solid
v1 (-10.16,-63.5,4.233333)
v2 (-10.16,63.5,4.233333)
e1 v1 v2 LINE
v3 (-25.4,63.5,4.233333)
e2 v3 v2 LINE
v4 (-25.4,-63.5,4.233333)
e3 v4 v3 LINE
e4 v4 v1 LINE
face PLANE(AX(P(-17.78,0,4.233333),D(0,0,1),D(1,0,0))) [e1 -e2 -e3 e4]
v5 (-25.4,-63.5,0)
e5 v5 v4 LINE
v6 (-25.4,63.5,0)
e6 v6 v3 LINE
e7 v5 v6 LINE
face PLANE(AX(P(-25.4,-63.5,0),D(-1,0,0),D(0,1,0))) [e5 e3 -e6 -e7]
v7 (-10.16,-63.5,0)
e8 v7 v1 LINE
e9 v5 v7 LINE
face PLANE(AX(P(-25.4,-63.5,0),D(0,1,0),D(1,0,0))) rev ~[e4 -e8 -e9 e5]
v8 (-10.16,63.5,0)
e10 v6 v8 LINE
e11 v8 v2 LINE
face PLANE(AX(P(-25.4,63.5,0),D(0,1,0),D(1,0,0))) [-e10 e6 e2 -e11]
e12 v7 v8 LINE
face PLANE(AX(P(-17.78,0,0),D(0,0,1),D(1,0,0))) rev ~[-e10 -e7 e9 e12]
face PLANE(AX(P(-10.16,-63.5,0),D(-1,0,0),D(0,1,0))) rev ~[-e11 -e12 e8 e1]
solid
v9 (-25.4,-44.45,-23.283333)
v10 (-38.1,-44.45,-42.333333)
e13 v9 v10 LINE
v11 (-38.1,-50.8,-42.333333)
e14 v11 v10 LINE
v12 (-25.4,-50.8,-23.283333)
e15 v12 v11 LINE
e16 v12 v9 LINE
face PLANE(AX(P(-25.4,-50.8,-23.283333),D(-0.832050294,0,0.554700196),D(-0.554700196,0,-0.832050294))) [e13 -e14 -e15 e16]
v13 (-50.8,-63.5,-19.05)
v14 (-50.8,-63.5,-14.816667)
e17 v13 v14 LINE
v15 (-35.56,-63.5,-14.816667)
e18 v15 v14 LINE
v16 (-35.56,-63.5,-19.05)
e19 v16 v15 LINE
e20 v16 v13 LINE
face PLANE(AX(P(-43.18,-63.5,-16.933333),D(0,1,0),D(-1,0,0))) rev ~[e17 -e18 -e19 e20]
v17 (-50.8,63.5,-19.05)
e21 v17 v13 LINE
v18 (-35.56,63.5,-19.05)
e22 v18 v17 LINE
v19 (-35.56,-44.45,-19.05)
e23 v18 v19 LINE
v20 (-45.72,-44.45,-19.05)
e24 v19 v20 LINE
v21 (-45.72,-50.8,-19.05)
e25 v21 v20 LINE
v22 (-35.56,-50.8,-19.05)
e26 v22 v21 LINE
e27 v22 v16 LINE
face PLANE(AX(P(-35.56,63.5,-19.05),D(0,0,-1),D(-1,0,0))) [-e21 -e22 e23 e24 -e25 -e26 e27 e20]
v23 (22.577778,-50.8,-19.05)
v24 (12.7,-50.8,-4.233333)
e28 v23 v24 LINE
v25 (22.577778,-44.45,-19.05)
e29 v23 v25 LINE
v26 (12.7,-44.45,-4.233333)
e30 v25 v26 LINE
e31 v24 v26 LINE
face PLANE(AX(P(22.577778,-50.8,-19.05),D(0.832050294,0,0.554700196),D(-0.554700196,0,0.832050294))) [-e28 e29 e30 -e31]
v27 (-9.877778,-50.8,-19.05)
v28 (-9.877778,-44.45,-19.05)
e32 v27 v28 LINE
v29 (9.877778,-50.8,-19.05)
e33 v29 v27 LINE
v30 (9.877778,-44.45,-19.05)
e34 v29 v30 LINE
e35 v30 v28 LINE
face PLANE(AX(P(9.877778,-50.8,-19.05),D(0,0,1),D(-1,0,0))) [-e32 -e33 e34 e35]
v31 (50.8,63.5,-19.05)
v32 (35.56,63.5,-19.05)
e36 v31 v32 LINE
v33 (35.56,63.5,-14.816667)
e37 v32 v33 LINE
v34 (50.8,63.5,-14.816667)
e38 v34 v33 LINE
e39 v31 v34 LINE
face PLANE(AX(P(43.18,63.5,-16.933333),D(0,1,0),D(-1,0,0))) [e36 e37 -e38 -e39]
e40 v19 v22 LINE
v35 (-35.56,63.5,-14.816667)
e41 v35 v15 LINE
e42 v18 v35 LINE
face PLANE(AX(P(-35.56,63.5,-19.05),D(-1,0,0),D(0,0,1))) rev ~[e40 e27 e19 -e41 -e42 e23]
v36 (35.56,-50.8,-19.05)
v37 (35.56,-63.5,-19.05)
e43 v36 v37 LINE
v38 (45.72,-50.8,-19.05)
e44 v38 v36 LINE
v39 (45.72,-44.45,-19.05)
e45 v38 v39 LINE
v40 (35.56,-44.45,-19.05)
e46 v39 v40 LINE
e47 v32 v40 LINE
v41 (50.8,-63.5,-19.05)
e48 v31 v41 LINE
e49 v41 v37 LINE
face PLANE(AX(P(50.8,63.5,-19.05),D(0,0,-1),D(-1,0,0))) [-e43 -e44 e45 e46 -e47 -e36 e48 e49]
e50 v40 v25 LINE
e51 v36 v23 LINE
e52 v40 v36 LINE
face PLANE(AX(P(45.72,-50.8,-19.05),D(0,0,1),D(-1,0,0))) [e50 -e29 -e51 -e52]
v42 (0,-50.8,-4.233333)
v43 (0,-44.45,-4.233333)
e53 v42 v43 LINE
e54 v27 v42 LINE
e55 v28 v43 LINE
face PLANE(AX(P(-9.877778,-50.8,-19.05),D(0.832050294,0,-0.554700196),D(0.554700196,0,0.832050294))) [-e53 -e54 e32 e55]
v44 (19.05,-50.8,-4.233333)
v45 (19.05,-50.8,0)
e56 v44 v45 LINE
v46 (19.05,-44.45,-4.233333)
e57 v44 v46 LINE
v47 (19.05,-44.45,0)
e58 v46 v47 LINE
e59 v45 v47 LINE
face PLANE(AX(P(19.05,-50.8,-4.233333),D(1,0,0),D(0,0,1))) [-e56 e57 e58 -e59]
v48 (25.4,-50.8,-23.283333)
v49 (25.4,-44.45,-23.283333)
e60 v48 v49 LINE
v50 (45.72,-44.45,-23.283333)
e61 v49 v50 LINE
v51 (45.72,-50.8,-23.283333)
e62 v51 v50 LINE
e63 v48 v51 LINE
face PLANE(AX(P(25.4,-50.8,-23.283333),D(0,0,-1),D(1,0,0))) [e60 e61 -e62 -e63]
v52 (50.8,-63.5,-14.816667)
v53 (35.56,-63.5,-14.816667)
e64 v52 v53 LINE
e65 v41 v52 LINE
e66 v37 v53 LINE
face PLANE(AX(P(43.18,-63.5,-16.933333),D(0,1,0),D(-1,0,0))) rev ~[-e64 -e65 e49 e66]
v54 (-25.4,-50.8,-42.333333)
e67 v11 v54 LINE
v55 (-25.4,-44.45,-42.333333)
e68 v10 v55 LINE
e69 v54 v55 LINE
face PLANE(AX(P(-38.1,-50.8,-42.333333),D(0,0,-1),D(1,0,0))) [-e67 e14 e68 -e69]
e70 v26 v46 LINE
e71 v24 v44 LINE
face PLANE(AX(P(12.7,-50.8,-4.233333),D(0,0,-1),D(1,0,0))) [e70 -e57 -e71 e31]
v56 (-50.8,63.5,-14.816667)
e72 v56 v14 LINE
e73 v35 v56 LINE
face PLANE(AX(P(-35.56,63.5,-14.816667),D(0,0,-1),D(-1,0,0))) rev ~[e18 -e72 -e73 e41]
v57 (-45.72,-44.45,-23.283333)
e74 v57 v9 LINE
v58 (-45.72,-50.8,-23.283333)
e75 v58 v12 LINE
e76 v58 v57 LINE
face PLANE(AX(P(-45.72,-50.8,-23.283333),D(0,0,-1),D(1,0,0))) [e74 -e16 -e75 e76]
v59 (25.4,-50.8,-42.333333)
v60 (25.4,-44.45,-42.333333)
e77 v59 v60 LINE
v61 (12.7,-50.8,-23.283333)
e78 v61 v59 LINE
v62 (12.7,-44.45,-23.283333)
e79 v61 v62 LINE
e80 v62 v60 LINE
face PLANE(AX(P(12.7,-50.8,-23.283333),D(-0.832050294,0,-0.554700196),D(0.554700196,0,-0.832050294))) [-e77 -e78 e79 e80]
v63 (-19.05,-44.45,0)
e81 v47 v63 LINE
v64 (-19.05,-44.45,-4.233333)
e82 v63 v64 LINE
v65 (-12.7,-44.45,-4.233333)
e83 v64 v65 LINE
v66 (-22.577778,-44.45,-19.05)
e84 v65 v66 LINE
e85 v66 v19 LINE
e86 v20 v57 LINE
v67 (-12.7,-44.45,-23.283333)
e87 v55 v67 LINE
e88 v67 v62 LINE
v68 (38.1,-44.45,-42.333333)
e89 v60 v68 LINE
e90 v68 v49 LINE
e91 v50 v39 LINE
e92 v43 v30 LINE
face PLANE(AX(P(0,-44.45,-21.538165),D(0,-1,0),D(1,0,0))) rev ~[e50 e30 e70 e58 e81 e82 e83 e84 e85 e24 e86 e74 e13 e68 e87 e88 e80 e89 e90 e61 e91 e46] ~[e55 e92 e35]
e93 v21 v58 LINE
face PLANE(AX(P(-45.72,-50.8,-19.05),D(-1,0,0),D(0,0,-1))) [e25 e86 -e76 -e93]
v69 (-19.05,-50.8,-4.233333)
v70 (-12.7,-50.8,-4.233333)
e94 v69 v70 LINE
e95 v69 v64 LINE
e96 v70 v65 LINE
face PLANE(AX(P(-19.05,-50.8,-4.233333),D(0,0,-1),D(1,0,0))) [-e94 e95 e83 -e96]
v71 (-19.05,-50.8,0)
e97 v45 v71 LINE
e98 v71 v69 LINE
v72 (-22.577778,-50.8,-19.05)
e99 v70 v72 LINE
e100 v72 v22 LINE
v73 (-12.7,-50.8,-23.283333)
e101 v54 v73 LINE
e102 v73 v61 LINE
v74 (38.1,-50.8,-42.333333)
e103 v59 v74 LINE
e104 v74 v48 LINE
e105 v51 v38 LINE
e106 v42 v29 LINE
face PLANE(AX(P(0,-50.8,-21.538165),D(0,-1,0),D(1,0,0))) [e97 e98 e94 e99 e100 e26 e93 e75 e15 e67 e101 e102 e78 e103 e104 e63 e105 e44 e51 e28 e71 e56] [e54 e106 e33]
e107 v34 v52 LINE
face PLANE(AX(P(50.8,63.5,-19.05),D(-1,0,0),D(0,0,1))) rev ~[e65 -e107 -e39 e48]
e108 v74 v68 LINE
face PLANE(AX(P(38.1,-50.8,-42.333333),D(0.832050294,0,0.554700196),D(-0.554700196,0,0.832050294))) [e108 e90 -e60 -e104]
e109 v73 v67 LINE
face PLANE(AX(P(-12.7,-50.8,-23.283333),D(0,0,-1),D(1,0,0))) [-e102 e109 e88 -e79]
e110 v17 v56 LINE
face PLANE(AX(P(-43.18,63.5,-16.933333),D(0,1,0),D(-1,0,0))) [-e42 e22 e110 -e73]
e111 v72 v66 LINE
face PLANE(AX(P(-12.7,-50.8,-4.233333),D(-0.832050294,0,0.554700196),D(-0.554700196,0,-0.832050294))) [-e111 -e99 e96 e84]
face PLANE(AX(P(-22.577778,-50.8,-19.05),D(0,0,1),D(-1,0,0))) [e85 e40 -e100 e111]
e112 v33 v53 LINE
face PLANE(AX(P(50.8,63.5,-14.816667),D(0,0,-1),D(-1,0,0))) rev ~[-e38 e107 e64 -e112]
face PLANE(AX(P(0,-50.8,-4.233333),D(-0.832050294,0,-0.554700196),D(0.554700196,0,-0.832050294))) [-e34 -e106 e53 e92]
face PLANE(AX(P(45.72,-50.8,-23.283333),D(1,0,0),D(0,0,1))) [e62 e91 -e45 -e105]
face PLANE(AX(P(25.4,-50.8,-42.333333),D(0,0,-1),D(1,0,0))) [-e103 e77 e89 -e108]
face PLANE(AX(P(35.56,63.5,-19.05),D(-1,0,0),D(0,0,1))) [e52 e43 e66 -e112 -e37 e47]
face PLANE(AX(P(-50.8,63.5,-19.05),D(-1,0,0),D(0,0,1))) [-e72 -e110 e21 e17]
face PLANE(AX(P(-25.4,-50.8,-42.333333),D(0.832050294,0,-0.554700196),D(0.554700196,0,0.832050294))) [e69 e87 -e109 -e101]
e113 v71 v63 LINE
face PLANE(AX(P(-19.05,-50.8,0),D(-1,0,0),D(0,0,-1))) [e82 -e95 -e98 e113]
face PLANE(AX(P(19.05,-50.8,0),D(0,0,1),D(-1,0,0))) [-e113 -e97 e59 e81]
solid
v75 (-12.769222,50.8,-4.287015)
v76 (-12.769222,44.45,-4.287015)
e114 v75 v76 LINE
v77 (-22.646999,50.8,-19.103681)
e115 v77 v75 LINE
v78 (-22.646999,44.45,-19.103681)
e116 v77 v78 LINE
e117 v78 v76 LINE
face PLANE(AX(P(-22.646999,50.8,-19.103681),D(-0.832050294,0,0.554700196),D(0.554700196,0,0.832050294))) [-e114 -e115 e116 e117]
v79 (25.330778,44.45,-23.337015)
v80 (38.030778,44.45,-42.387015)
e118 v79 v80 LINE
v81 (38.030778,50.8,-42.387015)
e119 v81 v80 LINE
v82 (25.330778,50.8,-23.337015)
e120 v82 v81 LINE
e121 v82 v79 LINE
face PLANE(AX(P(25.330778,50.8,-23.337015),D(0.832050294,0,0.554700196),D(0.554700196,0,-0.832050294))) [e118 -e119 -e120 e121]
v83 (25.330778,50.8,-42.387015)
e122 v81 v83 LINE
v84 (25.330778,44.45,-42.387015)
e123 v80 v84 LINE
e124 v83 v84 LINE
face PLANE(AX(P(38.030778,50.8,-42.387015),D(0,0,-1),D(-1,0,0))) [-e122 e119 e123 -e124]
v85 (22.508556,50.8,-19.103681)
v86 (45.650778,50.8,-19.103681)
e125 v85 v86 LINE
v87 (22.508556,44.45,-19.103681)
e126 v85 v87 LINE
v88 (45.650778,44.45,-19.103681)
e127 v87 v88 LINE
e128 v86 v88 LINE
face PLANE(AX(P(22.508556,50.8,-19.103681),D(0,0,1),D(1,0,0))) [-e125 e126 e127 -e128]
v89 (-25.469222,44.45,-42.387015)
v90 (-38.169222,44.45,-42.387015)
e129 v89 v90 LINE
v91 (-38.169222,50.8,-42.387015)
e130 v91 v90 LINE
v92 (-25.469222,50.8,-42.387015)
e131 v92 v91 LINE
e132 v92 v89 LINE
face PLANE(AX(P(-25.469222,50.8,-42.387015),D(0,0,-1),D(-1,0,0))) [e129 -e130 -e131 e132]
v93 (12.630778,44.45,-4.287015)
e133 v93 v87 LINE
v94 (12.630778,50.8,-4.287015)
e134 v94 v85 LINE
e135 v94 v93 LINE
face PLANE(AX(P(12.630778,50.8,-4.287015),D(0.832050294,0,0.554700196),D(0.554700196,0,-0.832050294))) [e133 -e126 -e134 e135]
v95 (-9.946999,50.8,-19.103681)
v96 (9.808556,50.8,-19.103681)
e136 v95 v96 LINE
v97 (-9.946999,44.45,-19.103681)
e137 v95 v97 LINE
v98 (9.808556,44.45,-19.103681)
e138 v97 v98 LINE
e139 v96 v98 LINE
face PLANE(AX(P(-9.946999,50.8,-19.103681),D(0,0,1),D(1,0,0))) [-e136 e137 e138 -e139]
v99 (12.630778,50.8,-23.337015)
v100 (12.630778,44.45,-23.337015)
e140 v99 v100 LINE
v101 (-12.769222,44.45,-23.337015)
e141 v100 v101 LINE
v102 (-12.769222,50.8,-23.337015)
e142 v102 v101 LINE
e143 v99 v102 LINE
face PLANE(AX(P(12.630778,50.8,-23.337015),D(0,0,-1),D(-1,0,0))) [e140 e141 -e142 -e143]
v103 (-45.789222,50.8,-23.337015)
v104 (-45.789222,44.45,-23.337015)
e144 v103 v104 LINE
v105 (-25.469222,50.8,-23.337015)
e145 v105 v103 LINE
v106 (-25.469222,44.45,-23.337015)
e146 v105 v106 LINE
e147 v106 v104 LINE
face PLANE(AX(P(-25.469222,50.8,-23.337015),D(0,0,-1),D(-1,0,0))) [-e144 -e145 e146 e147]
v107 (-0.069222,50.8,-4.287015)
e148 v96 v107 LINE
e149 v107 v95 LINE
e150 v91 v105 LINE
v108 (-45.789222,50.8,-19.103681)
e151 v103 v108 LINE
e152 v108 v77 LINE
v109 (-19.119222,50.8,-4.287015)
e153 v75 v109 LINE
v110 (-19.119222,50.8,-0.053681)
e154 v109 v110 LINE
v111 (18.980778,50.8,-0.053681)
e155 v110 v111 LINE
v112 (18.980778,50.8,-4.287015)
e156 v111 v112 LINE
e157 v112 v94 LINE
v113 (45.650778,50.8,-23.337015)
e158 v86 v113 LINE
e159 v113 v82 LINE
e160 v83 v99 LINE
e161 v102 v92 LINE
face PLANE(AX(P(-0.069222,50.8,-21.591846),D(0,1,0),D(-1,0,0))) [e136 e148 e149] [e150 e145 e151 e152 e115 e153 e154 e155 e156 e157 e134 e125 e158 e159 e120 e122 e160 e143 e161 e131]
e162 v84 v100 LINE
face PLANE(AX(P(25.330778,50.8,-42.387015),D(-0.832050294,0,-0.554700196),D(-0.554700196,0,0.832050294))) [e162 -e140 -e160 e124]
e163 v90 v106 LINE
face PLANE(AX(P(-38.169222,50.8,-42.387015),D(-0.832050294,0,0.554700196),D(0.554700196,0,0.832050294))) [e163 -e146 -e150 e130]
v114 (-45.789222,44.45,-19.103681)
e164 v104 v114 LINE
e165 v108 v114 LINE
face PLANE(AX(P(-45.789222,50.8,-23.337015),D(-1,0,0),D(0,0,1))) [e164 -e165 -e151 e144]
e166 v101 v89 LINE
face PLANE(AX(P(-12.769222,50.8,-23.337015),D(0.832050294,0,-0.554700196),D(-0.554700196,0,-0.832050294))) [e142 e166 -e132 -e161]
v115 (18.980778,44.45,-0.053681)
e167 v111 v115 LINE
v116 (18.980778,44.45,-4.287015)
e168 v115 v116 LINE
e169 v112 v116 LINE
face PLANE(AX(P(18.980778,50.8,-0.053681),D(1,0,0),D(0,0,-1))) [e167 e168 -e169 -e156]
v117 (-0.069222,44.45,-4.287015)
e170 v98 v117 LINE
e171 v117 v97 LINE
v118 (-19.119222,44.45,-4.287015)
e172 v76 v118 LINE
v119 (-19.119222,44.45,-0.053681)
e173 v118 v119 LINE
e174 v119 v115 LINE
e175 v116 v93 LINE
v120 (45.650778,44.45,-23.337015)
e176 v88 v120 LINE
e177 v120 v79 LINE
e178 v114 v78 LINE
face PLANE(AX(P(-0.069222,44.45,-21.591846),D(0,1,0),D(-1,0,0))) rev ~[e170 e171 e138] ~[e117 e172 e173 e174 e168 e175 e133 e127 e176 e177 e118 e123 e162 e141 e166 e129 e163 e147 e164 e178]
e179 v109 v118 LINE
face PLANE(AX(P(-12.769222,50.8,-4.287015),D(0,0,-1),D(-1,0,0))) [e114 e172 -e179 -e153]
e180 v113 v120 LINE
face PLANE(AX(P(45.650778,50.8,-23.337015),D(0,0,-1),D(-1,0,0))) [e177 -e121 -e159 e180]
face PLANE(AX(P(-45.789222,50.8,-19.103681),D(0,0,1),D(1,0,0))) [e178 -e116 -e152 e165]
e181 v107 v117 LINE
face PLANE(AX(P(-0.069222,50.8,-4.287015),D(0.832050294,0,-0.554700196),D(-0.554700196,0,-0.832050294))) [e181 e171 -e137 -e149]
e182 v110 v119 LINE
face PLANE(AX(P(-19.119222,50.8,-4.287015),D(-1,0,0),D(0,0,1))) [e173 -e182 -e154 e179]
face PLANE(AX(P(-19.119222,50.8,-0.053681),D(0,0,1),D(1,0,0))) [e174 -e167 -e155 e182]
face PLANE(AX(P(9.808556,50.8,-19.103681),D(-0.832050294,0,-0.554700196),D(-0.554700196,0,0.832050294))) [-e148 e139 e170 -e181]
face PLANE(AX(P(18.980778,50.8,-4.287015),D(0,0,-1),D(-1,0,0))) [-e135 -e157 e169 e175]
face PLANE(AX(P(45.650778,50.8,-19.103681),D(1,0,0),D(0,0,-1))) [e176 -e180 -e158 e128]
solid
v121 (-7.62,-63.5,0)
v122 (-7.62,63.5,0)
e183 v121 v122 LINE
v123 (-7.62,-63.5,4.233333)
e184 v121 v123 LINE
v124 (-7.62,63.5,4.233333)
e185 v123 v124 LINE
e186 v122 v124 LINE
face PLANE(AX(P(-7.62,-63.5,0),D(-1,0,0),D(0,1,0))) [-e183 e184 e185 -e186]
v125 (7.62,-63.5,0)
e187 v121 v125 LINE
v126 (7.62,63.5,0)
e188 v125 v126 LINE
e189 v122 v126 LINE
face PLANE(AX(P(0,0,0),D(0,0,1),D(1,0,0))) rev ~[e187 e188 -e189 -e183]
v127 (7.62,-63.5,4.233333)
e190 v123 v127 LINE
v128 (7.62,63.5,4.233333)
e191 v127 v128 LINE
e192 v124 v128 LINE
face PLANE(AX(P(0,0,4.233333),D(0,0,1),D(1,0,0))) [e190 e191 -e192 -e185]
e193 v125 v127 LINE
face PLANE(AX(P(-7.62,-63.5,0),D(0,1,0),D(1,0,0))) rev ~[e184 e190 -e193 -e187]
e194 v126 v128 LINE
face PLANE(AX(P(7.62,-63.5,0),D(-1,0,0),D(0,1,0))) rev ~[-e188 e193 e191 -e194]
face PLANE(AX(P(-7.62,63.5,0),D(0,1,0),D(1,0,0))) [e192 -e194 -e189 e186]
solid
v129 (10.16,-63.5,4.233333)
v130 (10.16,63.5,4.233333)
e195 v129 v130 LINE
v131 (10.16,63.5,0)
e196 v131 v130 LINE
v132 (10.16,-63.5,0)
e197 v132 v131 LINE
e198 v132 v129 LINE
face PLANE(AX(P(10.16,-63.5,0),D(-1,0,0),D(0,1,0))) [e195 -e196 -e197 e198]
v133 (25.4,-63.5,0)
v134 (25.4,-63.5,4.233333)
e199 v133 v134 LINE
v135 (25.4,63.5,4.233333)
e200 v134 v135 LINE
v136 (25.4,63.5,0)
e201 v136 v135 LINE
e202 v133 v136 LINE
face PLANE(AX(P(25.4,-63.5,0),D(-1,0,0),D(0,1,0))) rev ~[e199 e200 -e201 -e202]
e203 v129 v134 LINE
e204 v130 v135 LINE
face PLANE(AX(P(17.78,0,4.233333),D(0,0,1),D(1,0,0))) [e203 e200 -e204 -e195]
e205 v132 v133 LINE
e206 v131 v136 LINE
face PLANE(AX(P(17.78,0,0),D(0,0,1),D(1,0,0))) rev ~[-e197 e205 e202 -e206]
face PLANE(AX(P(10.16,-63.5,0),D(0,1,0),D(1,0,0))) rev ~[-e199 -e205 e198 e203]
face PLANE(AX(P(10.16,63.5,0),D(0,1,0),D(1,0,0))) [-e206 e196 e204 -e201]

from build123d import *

# Parameters (mm, degrees)
F0_W      = 15.24
F0_H      = 127
F1_DEPTH  = 4.2333333333
F4_DEPTH  = 6.35
F7_DEPTH  = 6.35
F9_W      = 15.24
F9_H      = 4.2333333333
F10_DEPTH = 127


with BuildPart() as f1:
    # F0 (on Top) → F1 (new body)
    with BuildSketch(Plane.XY):
        with Locations((-17.78, 0)):
            Rectangle(F0_W, F0_H)
    extrude(amount=F1_DEPTH)


with BuildPart() as f1b:
    # F0 (on Top) → F1, piece 2 (new body)
    with BuildSketch(Plane.XY):
        with Locations((17.78, 0)):
            Rectangle(F0_W, F0_H)
    extrude(amount=F1_DEPTH)


with BuildPart() as f1c:
    # F0 (on Top) → F1, piece 3 (new body)
    with BuildSketch(Plane.XY):
        Rectangle(F0_W, F0_H)
    extrude(amount=F1_DEPTH)


with BuildPart() as f4:
    # F3 (on offset) → F4 (new body)
    with BuildSketch(Plane.XZ.offset(50.8)):
        Polygon((19.05, 0), (-19.05, 0), (-19.05, -4.2333333333), (-12.7, -4.2333333333), (-22.5777777778, -19.05), (-45.71999982, -19.05), (-45.71999982, -23.2833333333), (-38.1, -23.2833333333), (-25.4, -23.2833333333), (-38.1, -42.3333333333), (-25.4, -42.3333333333), (-12.7, -23.2833333333), (12.7, -23.2833333333), (25.4, -42.3333333333), (38.1, -42.3333333333), (25.4, -23.2833333333), (38.1, -23.2833333333), (45.72, -23.2833333333), (45.72, -19.05), (22.5777777778, -19.05), (12.7, -4.2333333333), (19.05, -4.2333333333), align=None)
        Polygon((0, -4.2333333333), (9.8777777778, -19.05), (-9.8777777778, -19.05), align=None, mode=Mode.SUBTRACT)
    extrude(amount=-F4_DEPTH)

    # F9 (on offset) → F10 (join)
    with BuildSketch(Plane(origin=(0, 63.5, 0), x_dir=(-1, 0, 0), z_dir=(0, 1, 0))):
        with Locations((43.18, -16.9333333333)):
            Rectangle(F9_W, F9_H)
        with Locations((-43.18, -16.9333333333)):
            Rectangle(F9_W, F9_H)
    extrude(amount=-F10_DEPTH)


with BuildPart() as f7:
    # F6 (on offset) → F7 (new body)
    with BuildSketch(Plane(origin=(0, 50.8, 0), x_dir=(-1, 0, 0), z_dir=(0, 1, 0))):
        Polygon((19.1192216953, -0.0536813261), (-18.9807783047, -0.0536813261), (-18.9807783047, -4.2870146595), (-12.6307783047, -4.2870146595), (-22.5085560824, -19.1036813261), (-45.6507781246, -19.1036813261), (-45.6507781246, -23.3370146595), (-37.8464236413, -23.3370146595), (-25.3307783047, -23.3370146595), (-38.0307783047, -42.3870146595), (-25.3307783047, -42.3870146595), (-12.6307783047, -23.3370146595), (12.7692216953, -23.3370146595), (25.4692216953, -42.3870146595), (38.1692216953, -42.3870146595), (25.4692216953, -23.3370146595), (38.3535763587, -23.3370146595), (45.7892216953, -23.3370146595), (45.7892216953, -19.1036813261), (22.6469994731, -19.1036813261), (12.7692216953, -4.2870146595), (19.1192216953, -4.2870146595), align=None)
        Polygon((0.0692216953, -4.2870146595), (9.9469994731, -19.1036813261), (-9.8085560824, -19.1036813261), align=None, mode=Mode.SUBTRACT)
    extrude(amount=-F7_DEPTH)


solid = Compound([f1.part, f1b.part, f1c.part, f4.part, f7.part])
